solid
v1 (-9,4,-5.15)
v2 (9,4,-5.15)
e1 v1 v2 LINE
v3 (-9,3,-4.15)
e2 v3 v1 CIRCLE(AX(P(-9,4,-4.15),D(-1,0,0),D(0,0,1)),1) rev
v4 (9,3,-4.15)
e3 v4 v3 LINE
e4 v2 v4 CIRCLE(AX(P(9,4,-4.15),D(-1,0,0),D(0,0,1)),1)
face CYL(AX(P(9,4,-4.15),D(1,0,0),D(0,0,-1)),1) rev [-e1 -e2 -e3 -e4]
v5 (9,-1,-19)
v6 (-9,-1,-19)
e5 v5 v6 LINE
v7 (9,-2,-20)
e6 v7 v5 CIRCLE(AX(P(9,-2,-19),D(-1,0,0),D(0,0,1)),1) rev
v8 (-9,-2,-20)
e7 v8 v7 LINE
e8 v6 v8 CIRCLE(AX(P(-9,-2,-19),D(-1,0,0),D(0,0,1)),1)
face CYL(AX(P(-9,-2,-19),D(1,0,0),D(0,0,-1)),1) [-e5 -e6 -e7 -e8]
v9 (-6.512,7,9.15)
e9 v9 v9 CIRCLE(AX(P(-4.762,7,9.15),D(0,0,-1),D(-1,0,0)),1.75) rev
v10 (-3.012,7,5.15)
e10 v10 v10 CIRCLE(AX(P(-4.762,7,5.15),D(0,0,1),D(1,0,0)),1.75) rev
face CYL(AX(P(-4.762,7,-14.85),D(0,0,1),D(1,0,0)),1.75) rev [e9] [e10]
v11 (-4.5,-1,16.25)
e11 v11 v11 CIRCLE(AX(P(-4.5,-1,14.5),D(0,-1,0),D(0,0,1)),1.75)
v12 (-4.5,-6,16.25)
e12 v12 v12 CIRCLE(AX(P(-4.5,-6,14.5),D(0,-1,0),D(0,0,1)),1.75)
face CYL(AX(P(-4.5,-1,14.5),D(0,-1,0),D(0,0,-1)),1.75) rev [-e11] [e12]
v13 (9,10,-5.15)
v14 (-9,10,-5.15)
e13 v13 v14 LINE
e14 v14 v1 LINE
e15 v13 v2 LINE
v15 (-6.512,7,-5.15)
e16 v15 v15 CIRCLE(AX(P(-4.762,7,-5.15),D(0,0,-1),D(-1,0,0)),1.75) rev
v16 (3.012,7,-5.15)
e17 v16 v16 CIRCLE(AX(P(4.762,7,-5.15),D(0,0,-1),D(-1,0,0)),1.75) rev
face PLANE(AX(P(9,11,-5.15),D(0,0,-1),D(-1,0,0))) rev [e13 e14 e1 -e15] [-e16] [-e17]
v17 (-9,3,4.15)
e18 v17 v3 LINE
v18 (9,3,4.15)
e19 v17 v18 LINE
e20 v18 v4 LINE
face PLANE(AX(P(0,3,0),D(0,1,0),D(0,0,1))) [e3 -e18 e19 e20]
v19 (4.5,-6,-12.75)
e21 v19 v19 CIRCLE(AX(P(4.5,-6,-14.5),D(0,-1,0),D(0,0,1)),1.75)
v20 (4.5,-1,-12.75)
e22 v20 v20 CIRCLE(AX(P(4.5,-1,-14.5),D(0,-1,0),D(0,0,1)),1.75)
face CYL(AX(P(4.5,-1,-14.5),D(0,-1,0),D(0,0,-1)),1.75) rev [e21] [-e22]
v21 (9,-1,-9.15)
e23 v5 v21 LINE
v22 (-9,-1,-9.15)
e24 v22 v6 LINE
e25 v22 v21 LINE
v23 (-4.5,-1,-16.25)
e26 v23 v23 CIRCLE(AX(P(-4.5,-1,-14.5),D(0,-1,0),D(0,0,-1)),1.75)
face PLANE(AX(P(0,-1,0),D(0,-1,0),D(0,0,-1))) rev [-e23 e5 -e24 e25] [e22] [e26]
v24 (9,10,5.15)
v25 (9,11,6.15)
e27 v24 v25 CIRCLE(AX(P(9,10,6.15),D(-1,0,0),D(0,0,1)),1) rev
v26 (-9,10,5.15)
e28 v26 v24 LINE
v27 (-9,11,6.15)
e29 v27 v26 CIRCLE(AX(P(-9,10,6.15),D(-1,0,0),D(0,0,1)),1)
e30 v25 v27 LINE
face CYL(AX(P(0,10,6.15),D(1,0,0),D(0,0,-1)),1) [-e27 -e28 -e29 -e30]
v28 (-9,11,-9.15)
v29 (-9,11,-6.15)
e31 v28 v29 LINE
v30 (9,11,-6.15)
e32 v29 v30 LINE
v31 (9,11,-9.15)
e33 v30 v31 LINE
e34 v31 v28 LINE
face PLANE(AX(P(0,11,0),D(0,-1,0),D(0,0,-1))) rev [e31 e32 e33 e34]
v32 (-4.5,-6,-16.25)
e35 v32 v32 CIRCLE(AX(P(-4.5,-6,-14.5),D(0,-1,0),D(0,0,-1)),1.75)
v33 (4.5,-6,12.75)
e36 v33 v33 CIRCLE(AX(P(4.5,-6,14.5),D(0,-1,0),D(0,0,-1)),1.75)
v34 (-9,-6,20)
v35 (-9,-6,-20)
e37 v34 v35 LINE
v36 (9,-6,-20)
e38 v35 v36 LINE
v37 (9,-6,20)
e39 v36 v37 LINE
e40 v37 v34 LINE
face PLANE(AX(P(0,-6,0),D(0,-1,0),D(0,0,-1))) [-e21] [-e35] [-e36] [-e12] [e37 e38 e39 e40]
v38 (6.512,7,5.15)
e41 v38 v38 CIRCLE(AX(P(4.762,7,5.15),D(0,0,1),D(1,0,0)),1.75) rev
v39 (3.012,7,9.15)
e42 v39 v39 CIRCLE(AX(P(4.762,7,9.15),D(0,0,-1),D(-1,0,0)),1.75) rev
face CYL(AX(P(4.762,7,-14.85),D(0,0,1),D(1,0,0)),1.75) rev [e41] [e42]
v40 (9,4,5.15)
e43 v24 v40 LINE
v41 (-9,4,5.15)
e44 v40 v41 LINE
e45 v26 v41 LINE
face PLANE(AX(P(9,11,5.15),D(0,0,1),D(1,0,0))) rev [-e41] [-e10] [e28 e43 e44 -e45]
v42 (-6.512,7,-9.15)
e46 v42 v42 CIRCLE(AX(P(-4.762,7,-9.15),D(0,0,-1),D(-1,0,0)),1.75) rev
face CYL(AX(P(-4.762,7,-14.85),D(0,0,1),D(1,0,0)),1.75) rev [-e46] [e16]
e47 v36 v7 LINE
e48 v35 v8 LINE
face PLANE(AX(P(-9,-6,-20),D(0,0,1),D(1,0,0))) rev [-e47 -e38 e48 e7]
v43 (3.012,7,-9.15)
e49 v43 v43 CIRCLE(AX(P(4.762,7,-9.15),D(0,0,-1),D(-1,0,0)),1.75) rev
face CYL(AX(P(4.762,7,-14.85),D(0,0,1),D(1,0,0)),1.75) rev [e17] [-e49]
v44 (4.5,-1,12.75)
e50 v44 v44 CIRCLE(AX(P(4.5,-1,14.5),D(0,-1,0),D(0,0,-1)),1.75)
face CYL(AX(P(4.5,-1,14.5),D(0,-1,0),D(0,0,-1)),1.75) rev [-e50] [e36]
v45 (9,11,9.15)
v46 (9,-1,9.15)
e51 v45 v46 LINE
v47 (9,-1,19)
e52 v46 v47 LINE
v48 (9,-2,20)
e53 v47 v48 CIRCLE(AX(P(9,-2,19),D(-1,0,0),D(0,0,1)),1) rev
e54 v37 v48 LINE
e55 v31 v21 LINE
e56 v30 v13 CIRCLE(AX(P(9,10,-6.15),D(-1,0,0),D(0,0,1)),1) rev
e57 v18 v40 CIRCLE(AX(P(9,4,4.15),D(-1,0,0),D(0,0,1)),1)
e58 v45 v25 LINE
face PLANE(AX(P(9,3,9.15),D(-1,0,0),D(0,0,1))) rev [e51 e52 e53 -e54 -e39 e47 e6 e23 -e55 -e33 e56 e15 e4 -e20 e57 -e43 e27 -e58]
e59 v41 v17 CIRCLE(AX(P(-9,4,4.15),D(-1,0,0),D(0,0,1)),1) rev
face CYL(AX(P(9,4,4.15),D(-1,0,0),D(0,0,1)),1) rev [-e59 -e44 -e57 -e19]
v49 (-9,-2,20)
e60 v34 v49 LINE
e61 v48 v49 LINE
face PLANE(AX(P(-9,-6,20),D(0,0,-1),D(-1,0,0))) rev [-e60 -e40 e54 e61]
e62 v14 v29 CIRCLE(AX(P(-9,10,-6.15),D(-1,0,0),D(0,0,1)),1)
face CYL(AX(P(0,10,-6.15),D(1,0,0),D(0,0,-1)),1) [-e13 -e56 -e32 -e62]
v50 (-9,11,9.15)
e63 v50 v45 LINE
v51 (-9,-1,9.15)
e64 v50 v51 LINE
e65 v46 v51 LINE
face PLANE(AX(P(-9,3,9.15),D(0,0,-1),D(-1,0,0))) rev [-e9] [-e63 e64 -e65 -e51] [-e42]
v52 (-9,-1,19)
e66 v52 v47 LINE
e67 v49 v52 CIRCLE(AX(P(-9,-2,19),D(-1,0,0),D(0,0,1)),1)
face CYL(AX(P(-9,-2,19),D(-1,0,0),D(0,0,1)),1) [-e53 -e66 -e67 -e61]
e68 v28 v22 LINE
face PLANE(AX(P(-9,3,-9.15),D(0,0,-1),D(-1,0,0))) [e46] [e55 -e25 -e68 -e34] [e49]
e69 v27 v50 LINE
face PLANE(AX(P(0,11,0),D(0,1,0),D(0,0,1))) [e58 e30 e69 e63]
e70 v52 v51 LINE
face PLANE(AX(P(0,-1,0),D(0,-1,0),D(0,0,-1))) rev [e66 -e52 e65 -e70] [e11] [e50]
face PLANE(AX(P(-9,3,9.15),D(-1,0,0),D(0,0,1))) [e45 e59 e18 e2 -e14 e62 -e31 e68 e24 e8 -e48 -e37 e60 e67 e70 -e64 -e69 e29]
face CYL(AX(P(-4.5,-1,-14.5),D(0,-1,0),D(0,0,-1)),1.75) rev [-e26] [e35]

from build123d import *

# Parameters (mm, degrees)
SKETCH1_W               = 18
SKETCH1_H               = 18.3
BOSS_EXTRUDE1_DEPTH     = 3
SKETCH2_W               = 18
SKETCH2_H               = 4
BOSS_EXTRUDE3_DEPTH     = 8
SKETCH3_R               = 1.75
CUT_EXTRUDE2_DEPTH      = 20
CUT_EXTRUDE2_DEPTH_BACK = 13
FILLET1_R               = 1
FILLET2_R               = 1
FILLET3_R               = 1
SKETCH4_W               = 18
SKETCH4_H               = 18.3
BOSS_EXTRUDE4_DEPTH     = 1
SKETCH5_W               = 18
SKETCH5_H               = 40
BOSS_EXTRUDE5_DEPTH     = 5
SKETCH6_R               = 1.75
CUT_EXTRUDE4_DEPTH      = 5
FILLET4_R               = 1
FILLET5_R               = 1


with BuildPart() as part:
    # Sketch1 → Boss-Extrude1 (new body)
    with BuildSketch(Plane(origin=(0, 0, 0), x_dir=(1, 0, 0), z_dir=(0, 1, 0))):
        Rectangle(SKETCH1_W, SKETCH1_H)
    extrude(amount=BOSS_EXTRUDE1_DEPTH)

    # Sketch2 → Boss-Extrude3 (add)
    with BuildSketch(Plane(origin=(0, 3, 0), x_dir=(1, 0, 0), z_dir=(0, 1, 0))):
        with Locations((0, -7.15)):
            Rectangle(SKETCH2_W, SKETCH2_H)
        with Locations((0, 7.15)):
            Rectangle(SKETCH2_W, SKETCH2_H)
    extrude(amount=BOSS_EXTRUDE3_DEPTH)

    # Sketch3 → Cut-Extrude2 (cut, two sides)
    with BuildSketch(Plane(origin=(0, 0, 5.15), x_dir=(-1, 0, 0), z_dir=(0, 0, -1))) as cut_extrude2_sk:
        with Locations((-4.762, 7)):
            Circle(SKETCH3_R)
        with Locations((4.762, 7)):
            Circle(SKETCH3_R)
    extrude(amount=CUT_EXTRUDE2_DEPTH, mode=Mode.SUBTRACT)
    extrude(cut_extrude2_sk.sketch, amount=-CUT_EXTRUDE2_DEPTH_BACK, mode=Mode.SUBTRACT)

    # Fillet1
    fillet1_edges = [part.edges().sort_by_distance(p)[0] for p in [
        (0, 3, 5.15),
    ]]
    fillet(fillet1_edges, radius=FILLET1_R)

    # Fillet2
    fillet2_edges = [part.edges().sort_by_distance(p)[0] for p in [
        (0, 3, -5.15),
    ]]
    fillet(fillet2_edges, radius=FILLET2_R)

    # Fillet3
    fillet3_edges = [part.edges().sort_by_distance(p)[0] for p in [
        (0, 11, 5.15),
        (0, 11, -5.15),
    ]]
    fillet(fillet3_edges, radius=FILLET3_R)

    # Sketch4 → Boss-Extrude4 (add)
    with BuildSketch(Plane.XZ):
        Rectangle(SKETCH4_W, SKETCH4_H)
    extrude(amount=BOSS_EXTRUDE4_DEPTH)

    # Sketch5 → Boss-Extrude5 (add)
    with BuildSketch(Plane(origin=(0, -1, 0), x_dir=(-1, 0, 0), z_dir=(0, -1, 0))):
        Rectangle(SKETCH5_W, SKETCH5_H)
    extrude(amount=BOSS_EXTRUDE5_DEPTH)

    # Sketch6 → Cut-Extrude4 (cut)
    with BuildSketch(Plane.XZ.offset(6)):
        with Locations((4.5, 14.5)):
            Circle(SKETCH6_R)
        with Locations((-4.5, 14.5)):
            Circle(SKETCH6_R)
        with Locations((-4.5, -14.5)):
            Circle(SKETCH6_R)
        with Locations((4.5, -14.5)):
            Circle(SKETCH6_R)
    extrude(amount=-CUT_EXTRUDE4_DEPTH, mode=Mode.SUBTRACT)

    # Fillet4
    fillet4_edges = [part.edges().sort_by_distance(p)[0] for p in [
        (0, -1, -20),
    ]]
    fillet(fillet4_edges, radius=FILLET4_R)

    # Fillet5
    fillet5_edges = [part.edges().sort_by_distance(p)[0] for p in [
        (0, -1, 20),
    ]]
    fillet(fillet5_edges, radius=FILLET5_R)


solid = part.part
